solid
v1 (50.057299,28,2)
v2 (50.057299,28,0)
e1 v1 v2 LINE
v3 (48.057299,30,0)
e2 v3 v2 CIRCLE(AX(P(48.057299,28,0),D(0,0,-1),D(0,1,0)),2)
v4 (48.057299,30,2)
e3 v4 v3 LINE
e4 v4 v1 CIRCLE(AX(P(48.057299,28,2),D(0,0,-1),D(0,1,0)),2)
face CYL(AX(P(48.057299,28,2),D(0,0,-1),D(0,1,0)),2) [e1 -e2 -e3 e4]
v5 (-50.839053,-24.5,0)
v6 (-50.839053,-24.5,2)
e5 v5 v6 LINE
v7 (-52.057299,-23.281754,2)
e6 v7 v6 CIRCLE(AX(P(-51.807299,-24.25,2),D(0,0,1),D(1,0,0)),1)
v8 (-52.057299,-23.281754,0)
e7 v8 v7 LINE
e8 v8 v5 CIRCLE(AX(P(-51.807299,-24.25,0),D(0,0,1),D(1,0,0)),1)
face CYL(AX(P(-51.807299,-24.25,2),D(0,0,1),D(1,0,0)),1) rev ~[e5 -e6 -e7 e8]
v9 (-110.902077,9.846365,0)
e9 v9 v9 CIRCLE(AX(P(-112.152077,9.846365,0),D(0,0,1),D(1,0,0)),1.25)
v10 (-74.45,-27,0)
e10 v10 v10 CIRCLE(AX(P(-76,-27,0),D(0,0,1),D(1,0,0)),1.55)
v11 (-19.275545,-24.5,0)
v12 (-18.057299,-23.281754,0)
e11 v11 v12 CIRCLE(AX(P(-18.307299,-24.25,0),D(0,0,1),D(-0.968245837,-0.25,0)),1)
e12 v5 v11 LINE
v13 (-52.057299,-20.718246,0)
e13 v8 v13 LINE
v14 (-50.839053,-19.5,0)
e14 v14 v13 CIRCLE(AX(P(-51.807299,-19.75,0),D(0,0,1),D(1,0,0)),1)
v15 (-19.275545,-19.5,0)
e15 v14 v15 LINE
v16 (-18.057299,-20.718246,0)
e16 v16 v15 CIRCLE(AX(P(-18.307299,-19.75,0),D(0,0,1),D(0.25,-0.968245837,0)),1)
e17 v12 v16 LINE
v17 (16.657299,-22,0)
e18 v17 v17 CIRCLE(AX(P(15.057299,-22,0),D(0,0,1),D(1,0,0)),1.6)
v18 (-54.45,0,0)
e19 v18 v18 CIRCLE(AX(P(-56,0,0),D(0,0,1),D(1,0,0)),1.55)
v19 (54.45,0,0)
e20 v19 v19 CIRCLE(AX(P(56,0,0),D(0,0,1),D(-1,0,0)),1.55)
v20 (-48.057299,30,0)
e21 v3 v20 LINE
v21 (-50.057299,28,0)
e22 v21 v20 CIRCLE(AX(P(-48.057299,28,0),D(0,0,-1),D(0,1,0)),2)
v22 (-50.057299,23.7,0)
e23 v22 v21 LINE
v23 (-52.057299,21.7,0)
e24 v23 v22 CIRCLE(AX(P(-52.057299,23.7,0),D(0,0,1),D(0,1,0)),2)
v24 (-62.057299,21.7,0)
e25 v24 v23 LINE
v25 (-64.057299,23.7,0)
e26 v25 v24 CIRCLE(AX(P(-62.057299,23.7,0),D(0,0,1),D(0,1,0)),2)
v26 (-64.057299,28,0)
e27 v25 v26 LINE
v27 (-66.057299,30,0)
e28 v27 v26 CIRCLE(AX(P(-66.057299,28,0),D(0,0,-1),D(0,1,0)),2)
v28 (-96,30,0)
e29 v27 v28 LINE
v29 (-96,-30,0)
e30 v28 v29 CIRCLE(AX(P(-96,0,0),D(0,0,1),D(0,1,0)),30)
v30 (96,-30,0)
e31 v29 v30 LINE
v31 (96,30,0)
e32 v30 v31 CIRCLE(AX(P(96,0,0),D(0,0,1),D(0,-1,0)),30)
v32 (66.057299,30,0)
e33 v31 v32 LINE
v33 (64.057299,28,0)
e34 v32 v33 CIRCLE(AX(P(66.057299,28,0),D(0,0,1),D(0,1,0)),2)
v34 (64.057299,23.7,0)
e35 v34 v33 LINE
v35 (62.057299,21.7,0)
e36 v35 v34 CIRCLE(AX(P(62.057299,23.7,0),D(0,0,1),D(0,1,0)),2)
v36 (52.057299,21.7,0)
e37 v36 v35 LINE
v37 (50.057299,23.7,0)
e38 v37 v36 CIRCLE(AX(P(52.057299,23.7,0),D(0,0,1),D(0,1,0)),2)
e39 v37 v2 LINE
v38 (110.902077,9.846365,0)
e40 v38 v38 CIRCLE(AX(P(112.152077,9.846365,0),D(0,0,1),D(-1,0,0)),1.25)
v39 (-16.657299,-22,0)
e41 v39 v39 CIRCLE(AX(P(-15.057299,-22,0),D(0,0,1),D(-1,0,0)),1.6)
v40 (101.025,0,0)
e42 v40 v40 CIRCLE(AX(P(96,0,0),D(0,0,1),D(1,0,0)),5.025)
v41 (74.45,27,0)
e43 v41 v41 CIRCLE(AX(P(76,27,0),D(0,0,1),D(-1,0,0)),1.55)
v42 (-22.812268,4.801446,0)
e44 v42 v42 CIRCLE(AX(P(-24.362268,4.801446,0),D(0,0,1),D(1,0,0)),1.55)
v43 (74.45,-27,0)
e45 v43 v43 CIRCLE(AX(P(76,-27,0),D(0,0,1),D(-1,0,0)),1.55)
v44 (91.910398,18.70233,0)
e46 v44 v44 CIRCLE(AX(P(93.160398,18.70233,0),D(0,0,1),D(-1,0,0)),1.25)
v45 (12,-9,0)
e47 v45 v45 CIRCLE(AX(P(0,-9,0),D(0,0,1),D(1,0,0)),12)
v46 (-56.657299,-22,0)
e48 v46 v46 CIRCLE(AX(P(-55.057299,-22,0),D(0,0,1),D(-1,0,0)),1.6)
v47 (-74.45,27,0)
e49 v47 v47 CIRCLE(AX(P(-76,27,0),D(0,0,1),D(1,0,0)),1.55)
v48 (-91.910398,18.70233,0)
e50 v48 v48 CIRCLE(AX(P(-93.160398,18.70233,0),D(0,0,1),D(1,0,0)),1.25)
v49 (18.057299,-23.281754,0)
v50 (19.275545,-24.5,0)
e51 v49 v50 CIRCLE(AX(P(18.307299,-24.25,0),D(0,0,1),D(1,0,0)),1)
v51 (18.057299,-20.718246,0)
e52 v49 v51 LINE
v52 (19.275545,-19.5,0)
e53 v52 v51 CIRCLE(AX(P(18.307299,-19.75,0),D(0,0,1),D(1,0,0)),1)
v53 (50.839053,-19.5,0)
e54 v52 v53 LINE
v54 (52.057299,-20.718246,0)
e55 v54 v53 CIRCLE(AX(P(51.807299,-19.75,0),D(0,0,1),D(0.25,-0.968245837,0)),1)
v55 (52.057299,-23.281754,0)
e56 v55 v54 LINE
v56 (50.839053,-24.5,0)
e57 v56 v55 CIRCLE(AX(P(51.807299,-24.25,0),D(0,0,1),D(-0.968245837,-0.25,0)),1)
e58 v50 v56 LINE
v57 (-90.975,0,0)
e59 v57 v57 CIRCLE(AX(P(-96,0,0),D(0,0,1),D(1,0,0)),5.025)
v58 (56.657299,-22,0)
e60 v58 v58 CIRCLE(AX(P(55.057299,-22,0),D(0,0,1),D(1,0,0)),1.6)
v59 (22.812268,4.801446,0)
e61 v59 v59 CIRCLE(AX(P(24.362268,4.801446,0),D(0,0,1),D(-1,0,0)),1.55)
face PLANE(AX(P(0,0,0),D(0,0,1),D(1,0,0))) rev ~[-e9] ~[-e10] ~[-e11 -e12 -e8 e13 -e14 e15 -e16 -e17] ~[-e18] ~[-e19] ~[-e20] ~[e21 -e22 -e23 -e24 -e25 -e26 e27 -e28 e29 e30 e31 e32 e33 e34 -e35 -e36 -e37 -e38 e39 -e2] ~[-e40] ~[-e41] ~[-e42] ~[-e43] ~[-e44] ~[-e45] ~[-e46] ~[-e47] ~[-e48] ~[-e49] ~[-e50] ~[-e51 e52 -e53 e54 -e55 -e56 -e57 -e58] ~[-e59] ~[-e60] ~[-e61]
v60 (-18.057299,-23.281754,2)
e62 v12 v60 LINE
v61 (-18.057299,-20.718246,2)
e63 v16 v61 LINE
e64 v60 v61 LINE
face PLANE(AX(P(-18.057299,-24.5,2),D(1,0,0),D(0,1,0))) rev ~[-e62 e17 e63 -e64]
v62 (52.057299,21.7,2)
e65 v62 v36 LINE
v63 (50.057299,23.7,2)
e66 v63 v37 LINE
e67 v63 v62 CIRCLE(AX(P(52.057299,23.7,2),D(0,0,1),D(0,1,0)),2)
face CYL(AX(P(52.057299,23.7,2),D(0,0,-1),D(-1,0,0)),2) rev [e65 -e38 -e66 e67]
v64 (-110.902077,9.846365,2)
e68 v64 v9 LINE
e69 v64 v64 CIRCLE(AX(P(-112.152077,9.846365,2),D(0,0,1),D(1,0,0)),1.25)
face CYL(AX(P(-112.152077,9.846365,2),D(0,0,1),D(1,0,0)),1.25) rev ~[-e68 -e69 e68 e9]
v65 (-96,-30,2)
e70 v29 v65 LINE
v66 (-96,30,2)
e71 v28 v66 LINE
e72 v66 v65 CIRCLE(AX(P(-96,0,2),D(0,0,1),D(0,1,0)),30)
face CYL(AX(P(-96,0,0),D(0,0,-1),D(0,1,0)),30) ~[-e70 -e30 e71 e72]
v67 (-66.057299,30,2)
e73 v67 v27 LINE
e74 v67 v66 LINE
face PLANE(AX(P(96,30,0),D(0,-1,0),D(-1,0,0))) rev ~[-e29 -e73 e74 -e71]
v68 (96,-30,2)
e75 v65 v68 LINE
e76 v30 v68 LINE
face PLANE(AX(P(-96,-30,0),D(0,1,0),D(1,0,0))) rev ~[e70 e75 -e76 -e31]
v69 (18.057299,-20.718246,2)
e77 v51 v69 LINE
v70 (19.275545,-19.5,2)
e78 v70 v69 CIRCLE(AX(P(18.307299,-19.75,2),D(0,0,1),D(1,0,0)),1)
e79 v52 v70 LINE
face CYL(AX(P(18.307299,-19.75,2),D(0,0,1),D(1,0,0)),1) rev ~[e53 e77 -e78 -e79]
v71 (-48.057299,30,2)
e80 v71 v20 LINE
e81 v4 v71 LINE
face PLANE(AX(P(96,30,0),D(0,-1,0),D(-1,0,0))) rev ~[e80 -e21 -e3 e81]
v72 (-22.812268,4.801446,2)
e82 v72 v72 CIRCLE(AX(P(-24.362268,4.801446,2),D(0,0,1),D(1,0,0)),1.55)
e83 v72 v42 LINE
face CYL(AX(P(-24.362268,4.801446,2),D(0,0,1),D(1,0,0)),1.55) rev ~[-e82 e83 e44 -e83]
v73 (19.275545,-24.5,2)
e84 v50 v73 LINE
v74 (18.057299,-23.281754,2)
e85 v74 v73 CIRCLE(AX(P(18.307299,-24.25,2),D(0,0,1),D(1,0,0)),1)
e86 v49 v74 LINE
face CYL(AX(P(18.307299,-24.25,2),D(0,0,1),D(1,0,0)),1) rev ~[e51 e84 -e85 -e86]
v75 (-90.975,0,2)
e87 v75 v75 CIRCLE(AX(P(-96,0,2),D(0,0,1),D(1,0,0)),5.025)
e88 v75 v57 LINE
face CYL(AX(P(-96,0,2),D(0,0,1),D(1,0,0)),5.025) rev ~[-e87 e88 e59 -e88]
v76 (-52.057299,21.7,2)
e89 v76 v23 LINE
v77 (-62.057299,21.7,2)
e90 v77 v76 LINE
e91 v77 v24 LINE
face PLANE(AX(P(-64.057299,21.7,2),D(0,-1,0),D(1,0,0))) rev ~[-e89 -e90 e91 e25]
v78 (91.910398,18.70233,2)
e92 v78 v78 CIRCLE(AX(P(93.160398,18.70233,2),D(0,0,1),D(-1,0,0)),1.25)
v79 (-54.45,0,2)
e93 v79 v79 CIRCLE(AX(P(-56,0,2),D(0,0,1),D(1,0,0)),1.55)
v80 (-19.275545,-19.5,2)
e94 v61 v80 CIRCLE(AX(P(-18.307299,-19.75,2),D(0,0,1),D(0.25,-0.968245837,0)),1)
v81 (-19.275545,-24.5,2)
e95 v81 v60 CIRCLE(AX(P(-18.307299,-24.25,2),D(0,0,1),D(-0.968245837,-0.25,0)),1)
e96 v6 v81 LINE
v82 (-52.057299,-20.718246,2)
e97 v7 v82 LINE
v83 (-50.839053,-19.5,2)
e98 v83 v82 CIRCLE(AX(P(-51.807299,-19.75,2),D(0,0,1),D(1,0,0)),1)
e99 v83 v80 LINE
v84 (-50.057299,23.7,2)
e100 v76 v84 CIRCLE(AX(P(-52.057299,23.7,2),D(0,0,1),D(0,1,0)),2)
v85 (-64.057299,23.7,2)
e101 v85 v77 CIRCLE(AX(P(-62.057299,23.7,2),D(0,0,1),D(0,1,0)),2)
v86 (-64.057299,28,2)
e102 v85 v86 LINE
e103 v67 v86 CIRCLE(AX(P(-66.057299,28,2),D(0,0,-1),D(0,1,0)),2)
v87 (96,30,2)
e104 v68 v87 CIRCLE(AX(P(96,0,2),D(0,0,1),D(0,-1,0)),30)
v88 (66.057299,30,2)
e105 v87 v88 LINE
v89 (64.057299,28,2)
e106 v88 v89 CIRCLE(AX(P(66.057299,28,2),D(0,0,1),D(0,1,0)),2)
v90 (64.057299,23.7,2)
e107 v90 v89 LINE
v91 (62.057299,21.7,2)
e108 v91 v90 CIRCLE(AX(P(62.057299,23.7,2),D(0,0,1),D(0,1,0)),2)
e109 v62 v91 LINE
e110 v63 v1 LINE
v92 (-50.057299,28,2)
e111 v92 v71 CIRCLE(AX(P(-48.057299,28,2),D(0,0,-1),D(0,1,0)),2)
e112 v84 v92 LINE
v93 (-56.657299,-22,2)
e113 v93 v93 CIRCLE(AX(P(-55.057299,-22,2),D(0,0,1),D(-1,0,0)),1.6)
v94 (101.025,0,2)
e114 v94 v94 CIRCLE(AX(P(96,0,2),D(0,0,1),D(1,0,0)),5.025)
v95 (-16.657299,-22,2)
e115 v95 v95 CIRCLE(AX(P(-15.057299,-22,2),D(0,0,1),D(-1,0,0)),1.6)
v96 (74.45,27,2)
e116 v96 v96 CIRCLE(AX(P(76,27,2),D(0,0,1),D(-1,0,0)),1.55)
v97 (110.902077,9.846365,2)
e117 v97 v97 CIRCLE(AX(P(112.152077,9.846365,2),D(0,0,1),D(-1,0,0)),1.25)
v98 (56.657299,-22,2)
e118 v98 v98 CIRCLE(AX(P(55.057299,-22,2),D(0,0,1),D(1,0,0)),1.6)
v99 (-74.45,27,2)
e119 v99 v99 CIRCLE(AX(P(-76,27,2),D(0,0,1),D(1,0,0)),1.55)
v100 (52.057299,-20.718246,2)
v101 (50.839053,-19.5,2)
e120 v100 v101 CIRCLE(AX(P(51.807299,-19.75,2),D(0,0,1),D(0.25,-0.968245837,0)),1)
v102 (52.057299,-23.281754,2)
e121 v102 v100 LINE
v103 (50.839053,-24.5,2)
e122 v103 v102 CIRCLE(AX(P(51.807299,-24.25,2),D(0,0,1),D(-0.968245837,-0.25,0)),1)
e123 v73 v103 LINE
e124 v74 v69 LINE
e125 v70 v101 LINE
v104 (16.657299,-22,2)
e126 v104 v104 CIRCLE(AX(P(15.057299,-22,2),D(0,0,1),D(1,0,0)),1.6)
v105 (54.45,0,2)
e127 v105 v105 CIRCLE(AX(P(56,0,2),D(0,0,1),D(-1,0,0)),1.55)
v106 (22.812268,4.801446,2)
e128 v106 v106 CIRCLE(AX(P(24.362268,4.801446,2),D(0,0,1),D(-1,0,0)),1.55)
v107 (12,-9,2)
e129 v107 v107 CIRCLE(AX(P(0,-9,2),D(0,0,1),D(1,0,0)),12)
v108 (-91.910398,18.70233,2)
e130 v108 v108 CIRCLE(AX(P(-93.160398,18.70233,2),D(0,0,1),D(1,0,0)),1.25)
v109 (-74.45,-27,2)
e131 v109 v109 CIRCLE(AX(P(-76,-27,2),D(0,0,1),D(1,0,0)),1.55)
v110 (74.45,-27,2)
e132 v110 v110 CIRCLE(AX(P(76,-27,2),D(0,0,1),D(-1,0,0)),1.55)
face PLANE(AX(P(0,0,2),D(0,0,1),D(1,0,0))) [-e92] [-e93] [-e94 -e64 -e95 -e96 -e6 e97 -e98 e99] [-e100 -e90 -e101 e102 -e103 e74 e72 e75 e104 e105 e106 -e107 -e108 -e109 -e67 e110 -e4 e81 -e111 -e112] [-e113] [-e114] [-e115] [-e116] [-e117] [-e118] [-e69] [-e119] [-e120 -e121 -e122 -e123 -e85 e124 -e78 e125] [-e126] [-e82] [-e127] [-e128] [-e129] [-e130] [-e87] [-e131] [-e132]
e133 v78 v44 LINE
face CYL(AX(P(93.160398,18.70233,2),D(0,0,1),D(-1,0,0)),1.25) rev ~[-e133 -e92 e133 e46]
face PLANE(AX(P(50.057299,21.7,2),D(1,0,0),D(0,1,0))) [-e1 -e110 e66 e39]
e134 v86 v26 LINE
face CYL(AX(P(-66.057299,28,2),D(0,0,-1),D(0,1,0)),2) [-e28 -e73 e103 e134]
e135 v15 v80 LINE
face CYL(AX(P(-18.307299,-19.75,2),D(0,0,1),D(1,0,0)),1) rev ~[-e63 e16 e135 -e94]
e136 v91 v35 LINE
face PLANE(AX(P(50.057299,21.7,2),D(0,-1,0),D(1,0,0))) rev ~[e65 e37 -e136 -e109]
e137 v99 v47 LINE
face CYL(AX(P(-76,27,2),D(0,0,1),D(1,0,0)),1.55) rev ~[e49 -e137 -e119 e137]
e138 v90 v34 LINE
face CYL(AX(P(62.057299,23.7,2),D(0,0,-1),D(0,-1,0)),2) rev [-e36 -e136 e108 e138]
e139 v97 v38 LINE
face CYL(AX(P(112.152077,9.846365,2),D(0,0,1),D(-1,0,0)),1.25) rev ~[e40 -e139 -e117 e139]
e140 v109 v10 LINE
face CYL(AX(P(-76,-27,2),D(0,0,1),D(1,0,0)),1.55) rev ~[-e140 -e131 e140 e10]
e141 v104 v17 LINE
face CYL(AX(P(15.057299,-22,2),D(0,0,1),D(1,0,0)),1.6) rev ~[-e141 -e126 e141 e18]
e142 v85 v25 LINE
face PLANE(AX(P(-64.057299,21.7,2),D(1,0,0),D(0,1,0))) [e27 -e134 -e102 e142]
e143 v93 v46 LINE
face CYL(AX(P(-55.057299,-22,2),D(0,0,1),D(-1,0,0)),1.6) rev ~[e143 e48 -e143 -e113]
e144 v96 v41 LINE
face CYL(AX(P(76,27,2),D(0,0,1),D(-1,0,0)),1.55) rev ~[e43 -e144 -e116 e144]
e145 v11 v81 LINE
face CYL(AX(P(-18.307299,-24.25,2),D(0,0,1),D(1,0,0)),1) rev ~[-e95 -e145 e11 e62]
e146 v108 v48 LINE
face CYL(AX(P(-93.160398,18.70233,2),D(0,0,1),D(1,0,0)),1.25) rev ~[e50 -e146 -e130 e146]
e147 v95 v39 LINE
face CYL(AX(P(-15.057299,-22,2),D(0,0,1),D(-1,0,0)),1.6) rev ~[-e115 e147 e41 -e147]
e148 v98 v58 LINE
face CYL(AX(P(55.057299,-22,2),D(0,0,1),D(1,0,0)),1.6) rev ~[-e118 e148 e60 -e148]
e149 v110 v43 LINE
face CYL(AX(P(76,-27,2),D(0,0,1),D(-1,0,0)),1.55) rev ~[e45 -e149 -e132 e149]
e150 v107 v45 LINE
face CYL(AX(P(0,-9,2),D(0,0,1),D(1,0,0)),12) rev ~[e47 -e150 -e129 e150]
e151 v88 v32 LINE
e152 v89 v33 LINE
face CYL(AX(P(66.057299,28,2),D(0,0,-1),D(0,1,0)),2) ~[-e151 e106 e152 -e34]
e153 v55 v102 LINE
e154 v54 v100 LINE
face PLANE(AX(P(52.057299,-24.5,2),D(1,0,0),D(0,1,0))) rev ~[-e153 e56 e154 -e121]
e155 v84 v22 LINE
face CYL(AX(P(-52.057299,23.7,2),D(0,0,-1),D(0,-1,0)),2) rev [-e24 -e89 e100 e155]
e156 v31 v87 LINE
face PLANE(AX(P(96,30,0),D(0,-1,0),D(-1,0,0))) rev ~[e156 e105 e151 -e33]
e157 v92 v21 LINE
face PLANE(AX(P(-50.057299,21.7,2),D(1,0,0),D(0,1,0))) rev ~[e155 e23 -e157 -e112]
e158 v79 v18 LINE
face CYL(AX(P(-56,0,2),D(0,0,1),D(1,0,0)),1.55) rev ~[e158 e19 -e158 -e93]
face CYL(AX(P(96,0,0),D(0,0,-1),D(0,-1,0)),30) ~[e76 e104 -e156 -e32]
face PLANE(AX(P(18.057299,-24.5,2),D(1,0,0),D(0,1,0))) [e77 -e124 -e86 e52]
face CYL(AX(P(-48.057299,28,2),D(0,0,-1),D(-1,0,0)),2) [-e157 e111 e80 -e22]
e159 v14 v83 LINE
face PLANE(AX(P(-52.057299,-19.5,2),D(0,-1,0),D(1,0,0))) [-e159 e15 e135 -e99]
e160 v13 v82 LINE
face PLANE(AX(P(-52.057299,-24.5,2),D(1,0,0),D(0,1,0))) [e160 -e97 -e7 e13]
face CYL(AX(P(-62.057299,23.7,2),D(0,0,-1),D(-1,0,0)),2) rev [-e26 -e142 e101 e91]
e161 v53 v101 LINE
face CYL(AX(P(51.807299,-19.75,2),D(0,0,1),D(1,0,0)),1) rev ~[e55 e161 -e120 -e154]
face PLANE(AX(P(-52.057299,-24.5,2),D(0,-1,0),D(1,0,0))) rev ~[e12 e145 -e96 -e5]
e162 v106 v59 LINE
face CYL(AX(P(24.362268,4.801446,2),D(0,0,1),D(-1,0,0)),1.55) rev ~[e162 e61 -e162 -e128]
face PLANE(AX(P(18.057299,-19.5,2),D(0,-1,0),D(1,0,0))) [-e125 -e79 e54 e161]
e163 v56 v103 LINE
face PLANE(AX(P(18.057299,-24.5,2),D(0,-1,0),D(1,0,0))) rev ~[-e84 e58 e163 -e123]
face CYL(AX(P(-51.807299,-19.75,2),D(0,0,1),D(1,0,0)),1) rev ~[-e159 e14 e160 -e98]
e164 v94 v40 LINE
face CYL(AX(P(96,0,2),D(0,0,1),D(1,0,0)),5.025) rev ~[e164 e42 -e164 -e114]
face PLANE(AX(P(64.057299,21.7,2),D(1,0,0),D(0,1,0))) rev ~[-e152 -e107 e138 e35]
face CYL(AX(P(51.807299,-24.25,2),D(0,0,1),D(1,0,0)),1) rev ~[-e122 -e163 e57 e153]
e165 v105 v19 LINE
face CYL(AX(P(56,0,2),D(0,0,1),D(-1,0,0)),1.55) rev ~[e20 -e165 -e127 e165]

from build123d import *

# Parameters (mm, degrees)
EXTRUDE_1_DEPTH     = 2
SKETCH_2_R          = 1.55
SKETCH_2_R_2        = 12
SKETCH_2_R_3        = 5.025
SKETCH_2_R_4        = 1.25
CUT_EXTRUDE_1_DEPTH = 130.537639318
SKETCH_3_R          = 1.6
SKETCH_3_W          = 34
SKETCH_3_H          = 5
CUT_EXTRUDE_2_DEPTH = 130.537639318
SKETCH_4_W          = 14
SKETCH_4_H          = 8.3
CUT_EXTRUDE_3_DEPTH = 130.537639318
FILLET_1_R          = 2
SKETCH_5_R          = 1
CUT_EXTRUDE_4_DEPTH = 130.537639318


with BuildPart() as part:
    # ｽｹｯﾁ1 → ﾎﾞｽ - 押し出し1 (new body)
    with BuildSketch(Plane.XY):
        with BuildLine():
            Line((-96, -30), (96, -30))
            ThreePointArc((96, -30), (126, 0), (96, 30))
            Line((96, 30), (-96, 30))
            ThreePointArc((-96, 30), (-126, 0), (-96, -30))
        make_face()
    extrude(amount=EXTRUDE_1_DEPTH)

    # ｽｹｯﾁ2 → ｶｯﾄ - 押し出し1 (cut, through all)
    with BuildSketch(Plane.XY.offset(2)):
        with Locations((-56, 0)):
            Circle(SKETCH_2_R)
        with Locations(Location((56, 0, 0), (0, 0, 180))):
            Circle(SKETCH_2_R)
        with Locations((-76, 27)):
            Circle(SKETCH_2_R)
        with Locations((-76, -27)):
            Circle(SKETCH_2_R)
        with Locations(Location((76, 27, 0), (0, 0, 180))):
            Circle(SKETCH_2_R)
        with Locations(Location((76, -27, 0), (0, 0, 180))):
            Circle(SKETCH_2_R)
        with Locations((-24.362267564, 4.80144627)):
            Circle(SKETCH_2_R)
        with Locations(Location((24.362267564, 4.80144627, 0), (0, 0, 180))):
            Circle(SKETCH_2_R)
        with Locations((0, -9)):
            Circle(SKETCH_2_R_2)
        with Locations((-96, 0)):
            Circle(SKETCH_2_R_3)
        with Locations((96, 0)):
            Circle(SKETCH_2_R_3)
        with Locations((-112.152077461, 9.846364808)):
            Circle(SKETCH_2_R_4)
        with Locations((-93.160397784, 18.702330483)):
            Circle(SKETCH_2_R_4)
        with Locations(Location((93.160397784, 18.702330483, 0), (0, 0, 180))):
            Circle(SKETCH_2_R_4)
        with Locations(Location((112.152077461, 9.846364808, 0), (0, 0, 180))):
            Circle(SKETCH_2_R_4)
    extrude(amount=-CUT_EXTRUDE_1_DEPTH, mode=Mode.SUBTRACT)

    # ｽｹｯﾁ3 → ｶｯﾄ - 押し出し2 (cut, through all)
    with BuildSketch(Plane.XY.offset(2)):
        with Locations((55.057299255, -22)):
            Circle(SKETCH_3_R)
        with Locations((15.057299255, -22)):
            Circle(SKETCH_3_R)
        with Locations(Location((-55.057299255, -22, 0), (0, 0, 180))):
            Circle(SKETCH_3_R)
        with Locations(Location((-15.057299255, -22, 0), (0, 0, 180))):
            Circle(SKETCH_3_R)
        with Locations((35.057299255, -22)):
            Rectangle(SKETCH_3_W, SKETCH_3_H)
        with Locations((-35.057299255, -22)):
            Rectangle(SKETCH_3_W, SKETCH_3_H)
    extrude(amount=-CUT_EXTRUDE_2_DEPTH, mode=Mode.SUBTRACT)

    # ｽｹｯﾁ4 → ｶｯﾄ - 押し出し3 (cut, through all)
    with BuildSketch(Plane.XY.offset(2)):
        with Locations((-57.057299255, 25.85)):
            Rectangle(SKETCH_4_W, SKETCH_4_H)
        with Locations((57.057299255, 25.85)):
            Rectangle(SKETCH_4_W, SKETCH_4_H)
    extrude(amount=-CUT_EXTRUDE_3_DEPTH, mode=Mode.SUBTRACT)

    # ﾌｨﾚｯﾄ1
    fillet_1_edges = [part.edges().sort_by_distance(p)[0] for p in [
        (-64.057299255, 21.7, 1),
        (-64.057299255, 30, 1),
        (-50.057299255, 30, 1),
        (-50.057299255, 21.7, 1),
        (50.057299255, 21.7, 1),
        (50.057299255, 30, 1),
        (64.057299255, 30, 1),
        (64.057299255, 21.7, 1),
    ]]
    fillet(fillet_1_edges, radius=FILLET_1_R)

    # ｽｹｯﾁ5 → ｶｯﾄ - 押し出し4 (cut, through all)
    with BuildSketch(Plane.XY.offset(2)):
        with Locations((-51.807299255, -19.75)):
            Circle(SKETCH_5_R)
        with Locations((-51.807299255, -24.25)):
            Circle(SKETCH_5_R)
        with Locations((-18.307299255, -24.25)):
            Circle(SKETCH_5_R)
        with Locations((-18.307299255, -19.75)):
            Circle(SKETCH_5_R)
        with Locations((18.307299255, -19.75)):
            Circle(SKETCH_5_R)
        with Locations((18.307299255, -24.25)):
            Circle(SKETCH_5_R)
        with Locations((51.807299255, -24.25)):
            Circle(SKETCH_5_R)
        with Locations((51.807299255, -19.75)):
            Circle(SKETCH_5_R)
    extrude(amount=-CUT_EXTRUDE_4_DEPTH, mode=Mode.SUBTRACT)


solid = part.part
